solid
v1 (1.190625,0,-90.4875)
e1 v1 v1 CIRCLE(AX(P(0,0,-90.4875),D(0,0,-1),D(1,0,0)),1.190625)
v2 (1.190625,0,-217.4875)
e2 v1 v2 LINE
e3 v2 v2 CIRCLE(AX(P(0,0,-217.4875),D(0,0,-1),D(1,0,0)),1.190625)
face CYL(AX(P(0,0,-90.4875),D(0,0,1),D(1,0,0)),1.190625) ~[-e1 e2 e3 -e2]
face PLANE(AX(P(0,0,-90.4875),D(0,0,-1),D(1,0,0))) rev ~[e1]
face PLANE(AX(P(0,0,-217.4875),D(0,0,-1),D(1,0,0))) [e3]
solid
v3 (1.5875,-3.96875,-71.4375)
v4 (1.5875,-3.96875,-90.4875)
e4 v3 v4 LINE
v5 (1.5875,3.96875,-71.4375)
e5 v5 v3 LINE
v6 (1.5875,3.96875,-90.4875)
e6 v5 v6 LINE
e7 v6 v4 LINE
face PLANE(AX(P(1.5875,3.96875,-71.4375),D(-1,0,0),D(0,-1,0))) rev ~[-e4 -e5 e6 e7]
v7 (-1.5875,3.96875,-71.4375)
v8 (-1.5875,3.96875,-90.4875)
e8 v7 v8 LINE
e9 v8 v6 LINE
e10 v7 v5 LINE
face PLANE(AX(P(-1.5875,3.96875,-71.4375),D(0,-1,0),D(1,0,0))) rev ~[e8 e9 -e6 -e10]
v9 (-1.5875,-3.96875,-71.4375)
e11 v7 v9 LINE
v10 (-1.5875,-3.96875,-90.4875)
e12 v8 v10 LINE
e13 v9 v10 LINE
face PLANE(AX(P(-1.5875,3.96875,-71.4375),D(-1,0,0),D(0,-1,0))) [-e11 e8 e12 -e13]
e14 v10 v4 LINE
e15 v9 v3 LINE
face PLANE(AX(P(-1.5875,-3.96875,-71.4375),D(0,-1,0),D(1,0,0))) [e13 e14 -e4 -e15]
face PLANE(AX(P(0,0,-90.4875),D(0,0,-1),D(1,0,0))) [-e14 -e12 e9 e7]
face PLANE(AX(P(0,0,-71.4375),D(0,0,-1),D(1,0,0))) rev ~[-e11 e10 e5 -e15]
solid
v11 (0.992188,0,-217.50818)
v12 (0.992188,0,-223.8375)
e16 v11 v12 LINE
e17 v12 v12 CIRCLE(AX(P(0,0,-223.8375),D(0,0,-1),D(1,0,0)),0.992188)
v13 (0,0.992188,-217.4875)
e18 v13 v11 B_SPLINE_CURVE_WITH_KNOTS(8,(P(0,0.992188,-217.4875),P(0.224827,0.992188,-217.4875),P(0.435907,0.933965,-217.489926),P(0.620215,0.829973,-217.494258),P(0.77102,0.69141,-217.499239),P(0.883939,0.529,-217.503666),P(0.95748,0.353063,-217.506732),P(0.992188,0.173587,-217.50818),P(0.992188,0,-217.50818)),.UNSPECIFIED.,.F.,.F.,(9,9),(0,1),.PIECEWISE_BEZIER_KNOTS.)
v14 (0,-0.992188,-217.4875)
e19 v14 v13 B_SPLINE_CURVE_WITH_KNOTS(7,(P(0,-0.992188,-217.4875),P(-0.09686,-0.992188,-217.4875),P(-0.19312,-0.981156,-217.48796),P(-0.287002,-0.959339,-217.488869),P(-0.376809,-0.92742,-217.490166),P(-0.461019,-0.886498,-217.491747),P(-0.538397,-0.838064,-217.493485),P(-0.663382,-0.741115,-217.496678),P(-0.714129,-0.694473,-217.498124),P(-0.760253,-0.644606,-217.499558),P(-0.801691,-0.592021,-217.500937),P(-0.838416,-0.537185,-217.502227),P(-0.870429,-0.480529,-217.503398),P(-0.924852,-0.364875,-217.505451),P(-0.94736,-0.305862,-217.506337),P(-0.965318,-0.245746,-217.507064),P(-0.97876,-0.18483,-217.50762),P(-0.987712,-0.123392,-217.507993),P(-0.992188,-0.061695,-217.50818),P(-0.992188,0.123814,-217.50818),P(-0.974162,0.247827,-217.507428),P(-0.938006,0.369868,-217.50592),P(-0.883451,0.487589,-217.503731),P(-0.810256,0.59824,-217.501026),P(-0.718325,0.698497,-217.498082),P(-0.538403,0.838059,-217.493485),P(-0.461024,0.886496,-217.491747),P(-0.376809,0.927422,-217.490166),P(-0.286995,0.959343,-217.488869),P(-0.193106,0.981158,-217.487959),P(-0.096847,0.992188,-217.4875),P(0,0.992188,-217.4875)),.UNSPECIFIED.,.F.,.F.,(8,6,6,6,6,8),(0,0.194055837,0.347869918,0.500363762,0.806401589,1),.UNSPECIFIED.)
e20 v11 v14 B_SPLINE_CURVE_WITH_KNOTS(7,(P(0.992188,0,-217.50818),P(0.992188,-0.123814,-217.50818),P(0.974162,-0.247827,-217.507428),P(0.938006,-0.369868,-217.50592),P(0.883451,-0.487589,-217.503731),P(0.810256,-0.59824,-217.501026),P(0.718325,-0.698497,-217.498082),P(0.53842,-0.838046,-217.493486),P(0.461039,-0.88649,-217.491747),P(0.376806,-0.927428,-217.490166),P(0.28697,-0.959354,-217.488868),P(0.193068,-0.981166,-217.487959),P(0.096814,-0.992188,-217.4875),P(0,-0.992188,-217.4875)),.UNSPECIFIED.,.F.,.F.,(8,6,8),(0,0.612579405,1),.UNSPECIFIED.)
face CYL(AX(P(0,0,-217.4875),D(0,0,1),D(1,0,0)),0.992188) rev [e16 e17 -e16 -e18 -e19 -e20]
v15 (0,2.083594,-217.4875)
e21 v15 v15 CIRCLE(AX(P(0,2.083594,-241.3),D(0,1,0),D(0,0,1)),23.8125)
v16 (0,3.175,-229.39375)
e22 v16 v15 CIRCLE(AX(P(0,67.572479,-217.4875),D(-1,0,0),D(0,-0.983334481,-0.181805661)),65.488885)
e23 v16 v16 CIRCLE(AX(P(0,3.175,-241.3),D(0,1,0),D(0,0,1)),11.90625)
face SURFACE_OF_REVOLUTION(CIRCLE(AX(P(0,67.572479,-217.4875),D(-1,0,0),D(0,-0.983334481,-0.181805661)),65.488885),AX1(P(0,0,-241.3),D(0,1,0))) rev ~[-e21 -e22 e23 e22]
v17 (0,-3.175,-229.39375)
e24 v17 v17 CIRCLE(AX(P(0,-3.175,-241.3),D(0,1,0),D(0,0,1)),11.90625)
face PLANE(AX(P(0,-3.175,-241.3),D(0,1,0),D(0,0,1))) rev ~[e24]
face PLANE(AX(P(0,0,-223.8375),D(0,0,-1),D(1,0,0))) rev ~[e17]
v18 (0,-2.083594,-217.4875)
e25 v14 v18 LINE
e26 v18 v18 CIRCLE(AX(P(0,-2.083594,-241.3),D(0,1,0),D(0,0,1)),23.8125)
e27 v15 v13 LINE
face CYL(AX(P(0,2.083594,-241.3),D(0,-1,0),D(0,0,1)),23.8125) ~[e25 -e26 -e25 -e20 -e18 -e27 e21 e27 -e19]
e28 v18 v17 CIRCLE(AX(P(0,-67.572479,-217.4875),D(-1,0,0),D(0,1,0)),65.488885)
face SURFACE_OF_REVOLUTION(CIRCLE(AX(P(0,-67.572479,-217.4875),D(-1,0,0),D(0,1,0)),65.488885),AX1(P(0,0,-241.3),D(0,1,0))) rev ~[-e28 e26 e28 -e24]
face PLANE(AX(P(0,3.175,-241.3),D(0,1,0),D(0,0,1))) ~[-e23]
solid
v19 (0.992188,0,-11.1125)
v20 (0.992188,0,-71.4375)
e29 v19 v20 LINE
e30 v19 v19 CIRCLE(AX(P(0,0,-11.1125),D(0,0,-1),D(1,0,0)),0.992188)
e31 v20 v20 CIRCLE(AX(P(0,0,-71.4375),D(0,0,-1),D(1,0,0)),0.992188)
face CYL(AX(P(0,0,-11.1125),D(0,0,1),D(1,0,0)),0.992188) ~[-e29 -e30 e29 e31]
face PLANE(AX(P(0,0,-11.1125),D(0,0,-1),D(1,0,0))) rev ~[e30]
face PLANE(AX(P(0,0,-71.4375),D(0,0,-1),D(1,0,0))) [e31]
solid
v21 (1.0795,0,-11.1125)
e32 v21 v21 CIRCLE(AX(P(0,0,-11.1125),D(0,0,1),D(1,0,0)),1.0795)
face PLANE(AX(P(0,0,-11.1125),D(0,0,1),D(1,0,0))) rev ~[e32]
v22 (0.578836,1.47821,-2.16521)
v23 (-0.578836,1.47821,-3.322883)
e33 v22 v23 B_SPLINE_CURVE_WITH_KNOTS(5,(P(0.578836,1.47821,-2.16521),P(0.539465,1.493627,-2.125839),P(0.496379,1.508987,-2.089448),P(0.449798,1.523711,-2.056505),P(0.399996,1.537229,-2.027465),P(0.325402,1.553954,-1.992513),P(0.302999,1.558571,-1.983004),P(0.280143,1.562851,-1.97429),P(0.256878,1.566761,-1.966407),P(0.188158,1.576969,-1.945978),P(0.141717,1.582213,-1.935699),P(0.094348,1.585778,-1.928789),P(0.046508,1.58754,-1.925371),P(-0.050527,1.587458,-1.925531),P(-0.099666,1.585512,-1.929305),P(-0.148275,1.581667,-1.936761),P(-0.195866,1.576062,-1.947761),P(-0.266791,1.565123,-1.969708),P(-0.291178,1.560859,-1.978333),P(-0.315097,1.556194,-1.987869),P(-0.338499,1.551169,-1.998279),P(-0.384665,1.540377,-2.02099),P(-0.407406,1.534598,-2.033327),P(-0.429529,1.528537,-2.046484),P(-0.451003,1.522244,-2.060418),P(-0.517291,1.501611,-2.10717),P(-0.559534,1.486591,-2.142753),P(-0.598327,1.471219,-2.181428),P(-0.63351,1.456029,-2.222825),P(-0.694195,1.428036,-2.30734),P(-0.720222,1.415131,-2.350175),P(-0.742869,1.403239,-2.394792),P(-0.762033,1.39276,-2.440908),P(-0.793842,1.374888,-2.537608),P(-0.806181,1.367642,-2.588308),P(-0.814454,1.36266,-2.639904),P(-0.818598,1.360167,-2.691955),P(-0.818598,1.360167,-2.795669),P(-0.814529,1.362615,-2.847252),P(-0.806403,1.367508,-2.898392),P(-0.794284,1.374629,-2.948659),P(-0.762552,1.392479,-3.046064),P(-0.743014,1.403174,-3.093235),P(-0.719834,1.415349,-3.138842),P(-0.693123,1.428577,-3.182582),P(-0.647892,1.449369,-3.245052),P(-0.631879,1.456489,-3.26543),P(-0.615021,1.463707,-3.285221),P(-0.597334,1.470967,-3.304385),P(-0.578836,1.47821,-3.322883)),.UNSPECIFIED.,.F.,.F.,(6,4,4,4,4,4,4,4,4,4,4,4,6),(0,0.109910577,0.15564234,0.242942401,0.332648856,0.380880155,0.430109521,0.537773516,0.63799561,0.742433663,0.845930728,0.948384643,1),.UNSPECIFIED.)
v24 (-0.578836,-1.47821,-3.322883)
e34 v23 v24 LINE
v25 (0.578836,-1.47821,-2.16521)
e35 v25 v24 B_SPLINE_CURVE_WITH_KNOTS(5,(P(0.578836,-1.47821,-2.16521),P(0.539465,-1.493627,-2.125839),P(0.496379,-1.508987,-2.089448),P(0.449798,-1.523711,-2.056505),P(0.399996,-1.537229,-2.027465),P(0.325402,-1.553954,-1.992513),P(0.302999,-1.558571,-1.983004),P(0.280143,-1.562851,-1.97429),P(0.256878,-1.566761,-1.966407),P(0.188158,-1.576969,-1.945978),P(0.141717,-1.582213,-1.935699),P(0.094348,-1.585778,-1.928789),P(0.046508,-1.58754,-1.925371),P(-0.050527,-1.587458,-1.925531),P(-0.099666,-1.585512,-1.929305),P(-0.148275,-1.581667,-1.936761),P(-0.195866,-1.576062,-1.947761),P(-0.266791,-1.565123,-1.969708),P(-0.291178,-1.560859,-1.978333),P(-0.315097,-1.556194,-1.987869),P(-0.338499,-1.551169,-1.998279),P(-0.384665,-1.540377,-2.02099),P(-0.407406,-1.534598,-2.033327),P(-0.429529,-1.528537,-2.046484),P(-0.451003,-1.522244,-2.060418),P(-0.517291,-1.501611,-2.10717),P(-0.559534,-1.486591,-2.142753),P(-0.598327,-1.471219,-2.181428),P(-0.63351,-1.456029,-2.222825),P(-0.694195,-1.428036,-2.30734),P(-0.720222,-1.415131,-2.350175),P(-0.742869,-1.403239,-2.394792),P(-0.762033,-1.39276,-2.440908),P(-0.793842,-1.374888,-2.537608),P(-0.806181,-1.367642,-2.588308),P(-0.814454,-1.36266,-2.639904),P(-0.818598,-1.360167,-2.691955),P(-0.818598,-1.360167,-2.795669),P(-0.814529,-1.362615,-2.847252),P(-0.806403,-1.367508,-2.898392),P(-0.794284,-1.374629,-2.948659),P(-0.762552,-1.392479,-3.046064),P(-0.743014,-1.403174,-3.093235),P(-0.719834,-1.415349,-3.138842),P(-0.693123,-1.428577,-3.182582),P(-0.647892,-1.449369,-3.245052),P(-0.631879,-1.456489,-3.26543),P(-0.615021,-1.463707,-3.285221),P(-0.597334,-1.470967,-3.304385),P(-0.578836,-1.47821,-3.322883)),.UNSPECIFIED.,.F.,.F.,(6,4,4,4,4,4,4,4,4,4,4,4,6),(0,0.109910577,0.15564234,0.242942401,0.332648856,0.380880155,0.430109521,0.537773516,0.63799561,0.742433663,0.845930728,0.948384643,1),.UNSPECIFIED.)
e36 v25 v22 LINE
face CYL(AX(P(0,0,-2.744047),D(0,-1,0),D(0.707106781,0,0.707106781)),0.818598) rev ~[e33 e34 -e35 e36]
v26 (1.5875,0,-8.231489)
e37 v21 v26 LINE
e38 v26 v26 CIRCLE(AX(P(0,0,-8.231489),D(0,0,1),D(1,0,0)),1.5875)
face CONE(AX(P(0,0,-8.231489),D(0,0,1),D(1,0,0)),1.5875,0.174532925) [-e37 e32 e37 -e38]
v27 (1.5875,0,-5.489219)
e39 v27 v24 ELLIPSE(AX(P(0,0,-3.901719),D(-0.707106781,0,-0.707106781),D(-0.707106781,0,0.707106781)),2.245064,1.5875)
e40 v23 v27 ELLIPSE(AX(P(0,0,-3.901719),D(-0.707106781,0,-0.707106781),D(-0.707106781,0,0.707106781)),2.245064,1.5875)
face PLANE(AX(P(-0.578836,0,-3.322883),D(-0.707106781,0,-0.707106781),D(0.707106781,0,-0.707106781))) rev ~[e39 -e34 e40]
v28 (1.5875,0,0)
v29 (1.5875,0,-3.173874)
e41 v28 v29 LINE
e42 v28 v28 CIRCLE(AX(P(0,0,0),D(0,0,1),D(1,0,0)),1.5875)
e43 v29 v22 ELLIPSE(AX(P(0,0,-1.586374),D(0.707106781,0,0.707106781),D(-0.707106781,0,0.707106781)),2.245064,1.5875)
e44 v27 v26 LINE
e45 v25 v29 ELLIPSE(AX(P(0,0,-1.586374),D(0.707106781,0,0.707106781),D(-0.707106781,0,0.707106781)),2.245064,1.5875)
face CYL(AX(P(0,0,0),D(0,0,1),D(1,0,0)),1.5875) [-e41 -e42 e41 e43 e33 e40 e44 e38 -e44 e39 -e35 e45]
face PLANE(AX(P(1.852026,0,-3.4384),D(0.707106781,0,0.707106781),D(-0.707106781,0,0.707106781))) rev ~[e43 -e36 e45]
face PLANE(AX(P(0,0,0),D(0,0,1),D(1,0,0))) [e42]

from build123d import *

# Parameters (mm, degrees)
F0_R      = 1.5875
F1_DEPTH  = 11.1125
F2_SIZE2  = 2.8810111644
F2_SIZE   = 0.508
F3_R      = 0.9921875
F4_DEPTH  = 60.325
F5_W      = 3.175
F5_H      = 7.9375
F6_DEPTH  = 19.05
F7_R      = 1.190625
F8_DEPTH  = 127
F10_DEPTH = 3.175
F14_R     = 0.9921875
F15_DEPTH = 6.35


with BuildPart() as f1:
    # F0 (on Top) → F1 (new body)
    with BuildSketch(Plane.XY):
        Circle(F0_R)
    extrude(amount=-F1_DEPTH)

    # F2
    f2_edges = [f1.edges().sort_by_distance(p)[0] for p in [
        (-1.5875, 0, -11.1125),
    ]]
    f2_side = f1.faces().sort_by_distance((0, 0, -11.1125))[0]
    chamfer(f2_edges, length=F2_SIZE, length2=F2_SIZE2, reference=f2_side)

    # F9 (on Front) → F10 (cut, symmetric)
    with BuildSketch(Plane.XZ):
        with BuildLine():
            ThreePointArc((-0.5788363413, -3.3228830071), (0.3132639705, -3.5003327921), (0.8185982042, -2.7440466658))
            ThreePointArc((0.8185982042, -2.7440466658), (0.7562861263, -2.4307826953), (0.5788363413, -2.1652103245))
            ThreePointArc((0.5788363413, -2.1652103245), (-0.5788363413, -2.1652103245), (-0.5788363413, -3.3228830071))
        make_face()
        with BuildLine():
            ThreePointArc((0.5788363413, -2.1652103245), (0.7562861263, -2.4307826953), (0.8185982042, -2.7440466658))
            ThreePointArc((0.8185982042, -2.7440466658), (0.3132639705, -3.5003327921), (-0.5788363413, -3.3228830071))
            Line((-0.5788363413, -3.3228830071), (1.8520261244, -5.7537454728))
            Line((1.8520261244, -5.7537454728), (1.8520261244, -3.4384001076))
            Line((1.8520261244, -3.4384001076), (0.5788363413, -2.1652103245))
        make_face()
    extrude(amount=F10_DEPTH, both=True, mode=Mode.SUBTRACT)


with BuildPart() as f4:
    # F3 (on face) → F4 (new body)
    with BuildSketch(Plane(origin=(0, 0, -11.1125), x_dir=(1, 0, 0), z_dir=(0, 0, -1))):
        Circle(F3_R)
    extrude(amount=F4_DEPTH)


with BuildPart() as f6:
    # F5 (on face) → F6 (new body)
    with BuildSketch(Plane(origin=(0, 0, -71.4375), x_dir=(1, 0, 0), z_dir=(0, 0, -1))):
        Rectangle(F5_W, F5_H)
    extrude(amount=F6_DEPTH)


with BuildPart() as f8:
    # F7 (on face) → F8 (new body)
    with BuildSketch(Plane(origin=(0, 0, -90.4875), x_dir=(1, 0, 0), z_dir=(0, 0, -1))):
        Circle(F7_R)
    extrude(amount=F8_DEPTH)


with BuildPart() as f12:
    # F11 (on Right) → F12 (revolve)
    with BuildSketch(Plane.YZ):
        with BuildLine():
            Line((2.08359375, -217.4875), (-2.08359375, -217.4875))
            ThreePointArc((-2.08359375, -217.4875), (-2.3570160947, -223.4655840715), (-3.175, -229.39375))
            Line((-3.175, -229.39375), (-3.175, -241.3))
            Line((-3.175, -241.3), (3.175, -241.3))
            Line((3.175, -241.3), (3.175, -229.39375))
            ThreePointArc((3.175, -229.39375), (2.3570160947, -223.4655840715), (2.08359375, -217.4875))
        make_face()
    revolve(axis=Axis((0, 0, -241.3), (0, 1, 0)))

    # F14 (on offset) → F15 (cut)
    with BuildSketch(Plane(origin=(0, 0, -217.4875), x_dir=(1, 0, 0), z_dir=(0, 0, -1))):
        Circle(F14_R)
    extrude(amount=F15_DEPTH, mode=Mode.SUBTRACT)


solid = Compound([f1.part, f4.part, f6.part, f8.part, f12.part])
